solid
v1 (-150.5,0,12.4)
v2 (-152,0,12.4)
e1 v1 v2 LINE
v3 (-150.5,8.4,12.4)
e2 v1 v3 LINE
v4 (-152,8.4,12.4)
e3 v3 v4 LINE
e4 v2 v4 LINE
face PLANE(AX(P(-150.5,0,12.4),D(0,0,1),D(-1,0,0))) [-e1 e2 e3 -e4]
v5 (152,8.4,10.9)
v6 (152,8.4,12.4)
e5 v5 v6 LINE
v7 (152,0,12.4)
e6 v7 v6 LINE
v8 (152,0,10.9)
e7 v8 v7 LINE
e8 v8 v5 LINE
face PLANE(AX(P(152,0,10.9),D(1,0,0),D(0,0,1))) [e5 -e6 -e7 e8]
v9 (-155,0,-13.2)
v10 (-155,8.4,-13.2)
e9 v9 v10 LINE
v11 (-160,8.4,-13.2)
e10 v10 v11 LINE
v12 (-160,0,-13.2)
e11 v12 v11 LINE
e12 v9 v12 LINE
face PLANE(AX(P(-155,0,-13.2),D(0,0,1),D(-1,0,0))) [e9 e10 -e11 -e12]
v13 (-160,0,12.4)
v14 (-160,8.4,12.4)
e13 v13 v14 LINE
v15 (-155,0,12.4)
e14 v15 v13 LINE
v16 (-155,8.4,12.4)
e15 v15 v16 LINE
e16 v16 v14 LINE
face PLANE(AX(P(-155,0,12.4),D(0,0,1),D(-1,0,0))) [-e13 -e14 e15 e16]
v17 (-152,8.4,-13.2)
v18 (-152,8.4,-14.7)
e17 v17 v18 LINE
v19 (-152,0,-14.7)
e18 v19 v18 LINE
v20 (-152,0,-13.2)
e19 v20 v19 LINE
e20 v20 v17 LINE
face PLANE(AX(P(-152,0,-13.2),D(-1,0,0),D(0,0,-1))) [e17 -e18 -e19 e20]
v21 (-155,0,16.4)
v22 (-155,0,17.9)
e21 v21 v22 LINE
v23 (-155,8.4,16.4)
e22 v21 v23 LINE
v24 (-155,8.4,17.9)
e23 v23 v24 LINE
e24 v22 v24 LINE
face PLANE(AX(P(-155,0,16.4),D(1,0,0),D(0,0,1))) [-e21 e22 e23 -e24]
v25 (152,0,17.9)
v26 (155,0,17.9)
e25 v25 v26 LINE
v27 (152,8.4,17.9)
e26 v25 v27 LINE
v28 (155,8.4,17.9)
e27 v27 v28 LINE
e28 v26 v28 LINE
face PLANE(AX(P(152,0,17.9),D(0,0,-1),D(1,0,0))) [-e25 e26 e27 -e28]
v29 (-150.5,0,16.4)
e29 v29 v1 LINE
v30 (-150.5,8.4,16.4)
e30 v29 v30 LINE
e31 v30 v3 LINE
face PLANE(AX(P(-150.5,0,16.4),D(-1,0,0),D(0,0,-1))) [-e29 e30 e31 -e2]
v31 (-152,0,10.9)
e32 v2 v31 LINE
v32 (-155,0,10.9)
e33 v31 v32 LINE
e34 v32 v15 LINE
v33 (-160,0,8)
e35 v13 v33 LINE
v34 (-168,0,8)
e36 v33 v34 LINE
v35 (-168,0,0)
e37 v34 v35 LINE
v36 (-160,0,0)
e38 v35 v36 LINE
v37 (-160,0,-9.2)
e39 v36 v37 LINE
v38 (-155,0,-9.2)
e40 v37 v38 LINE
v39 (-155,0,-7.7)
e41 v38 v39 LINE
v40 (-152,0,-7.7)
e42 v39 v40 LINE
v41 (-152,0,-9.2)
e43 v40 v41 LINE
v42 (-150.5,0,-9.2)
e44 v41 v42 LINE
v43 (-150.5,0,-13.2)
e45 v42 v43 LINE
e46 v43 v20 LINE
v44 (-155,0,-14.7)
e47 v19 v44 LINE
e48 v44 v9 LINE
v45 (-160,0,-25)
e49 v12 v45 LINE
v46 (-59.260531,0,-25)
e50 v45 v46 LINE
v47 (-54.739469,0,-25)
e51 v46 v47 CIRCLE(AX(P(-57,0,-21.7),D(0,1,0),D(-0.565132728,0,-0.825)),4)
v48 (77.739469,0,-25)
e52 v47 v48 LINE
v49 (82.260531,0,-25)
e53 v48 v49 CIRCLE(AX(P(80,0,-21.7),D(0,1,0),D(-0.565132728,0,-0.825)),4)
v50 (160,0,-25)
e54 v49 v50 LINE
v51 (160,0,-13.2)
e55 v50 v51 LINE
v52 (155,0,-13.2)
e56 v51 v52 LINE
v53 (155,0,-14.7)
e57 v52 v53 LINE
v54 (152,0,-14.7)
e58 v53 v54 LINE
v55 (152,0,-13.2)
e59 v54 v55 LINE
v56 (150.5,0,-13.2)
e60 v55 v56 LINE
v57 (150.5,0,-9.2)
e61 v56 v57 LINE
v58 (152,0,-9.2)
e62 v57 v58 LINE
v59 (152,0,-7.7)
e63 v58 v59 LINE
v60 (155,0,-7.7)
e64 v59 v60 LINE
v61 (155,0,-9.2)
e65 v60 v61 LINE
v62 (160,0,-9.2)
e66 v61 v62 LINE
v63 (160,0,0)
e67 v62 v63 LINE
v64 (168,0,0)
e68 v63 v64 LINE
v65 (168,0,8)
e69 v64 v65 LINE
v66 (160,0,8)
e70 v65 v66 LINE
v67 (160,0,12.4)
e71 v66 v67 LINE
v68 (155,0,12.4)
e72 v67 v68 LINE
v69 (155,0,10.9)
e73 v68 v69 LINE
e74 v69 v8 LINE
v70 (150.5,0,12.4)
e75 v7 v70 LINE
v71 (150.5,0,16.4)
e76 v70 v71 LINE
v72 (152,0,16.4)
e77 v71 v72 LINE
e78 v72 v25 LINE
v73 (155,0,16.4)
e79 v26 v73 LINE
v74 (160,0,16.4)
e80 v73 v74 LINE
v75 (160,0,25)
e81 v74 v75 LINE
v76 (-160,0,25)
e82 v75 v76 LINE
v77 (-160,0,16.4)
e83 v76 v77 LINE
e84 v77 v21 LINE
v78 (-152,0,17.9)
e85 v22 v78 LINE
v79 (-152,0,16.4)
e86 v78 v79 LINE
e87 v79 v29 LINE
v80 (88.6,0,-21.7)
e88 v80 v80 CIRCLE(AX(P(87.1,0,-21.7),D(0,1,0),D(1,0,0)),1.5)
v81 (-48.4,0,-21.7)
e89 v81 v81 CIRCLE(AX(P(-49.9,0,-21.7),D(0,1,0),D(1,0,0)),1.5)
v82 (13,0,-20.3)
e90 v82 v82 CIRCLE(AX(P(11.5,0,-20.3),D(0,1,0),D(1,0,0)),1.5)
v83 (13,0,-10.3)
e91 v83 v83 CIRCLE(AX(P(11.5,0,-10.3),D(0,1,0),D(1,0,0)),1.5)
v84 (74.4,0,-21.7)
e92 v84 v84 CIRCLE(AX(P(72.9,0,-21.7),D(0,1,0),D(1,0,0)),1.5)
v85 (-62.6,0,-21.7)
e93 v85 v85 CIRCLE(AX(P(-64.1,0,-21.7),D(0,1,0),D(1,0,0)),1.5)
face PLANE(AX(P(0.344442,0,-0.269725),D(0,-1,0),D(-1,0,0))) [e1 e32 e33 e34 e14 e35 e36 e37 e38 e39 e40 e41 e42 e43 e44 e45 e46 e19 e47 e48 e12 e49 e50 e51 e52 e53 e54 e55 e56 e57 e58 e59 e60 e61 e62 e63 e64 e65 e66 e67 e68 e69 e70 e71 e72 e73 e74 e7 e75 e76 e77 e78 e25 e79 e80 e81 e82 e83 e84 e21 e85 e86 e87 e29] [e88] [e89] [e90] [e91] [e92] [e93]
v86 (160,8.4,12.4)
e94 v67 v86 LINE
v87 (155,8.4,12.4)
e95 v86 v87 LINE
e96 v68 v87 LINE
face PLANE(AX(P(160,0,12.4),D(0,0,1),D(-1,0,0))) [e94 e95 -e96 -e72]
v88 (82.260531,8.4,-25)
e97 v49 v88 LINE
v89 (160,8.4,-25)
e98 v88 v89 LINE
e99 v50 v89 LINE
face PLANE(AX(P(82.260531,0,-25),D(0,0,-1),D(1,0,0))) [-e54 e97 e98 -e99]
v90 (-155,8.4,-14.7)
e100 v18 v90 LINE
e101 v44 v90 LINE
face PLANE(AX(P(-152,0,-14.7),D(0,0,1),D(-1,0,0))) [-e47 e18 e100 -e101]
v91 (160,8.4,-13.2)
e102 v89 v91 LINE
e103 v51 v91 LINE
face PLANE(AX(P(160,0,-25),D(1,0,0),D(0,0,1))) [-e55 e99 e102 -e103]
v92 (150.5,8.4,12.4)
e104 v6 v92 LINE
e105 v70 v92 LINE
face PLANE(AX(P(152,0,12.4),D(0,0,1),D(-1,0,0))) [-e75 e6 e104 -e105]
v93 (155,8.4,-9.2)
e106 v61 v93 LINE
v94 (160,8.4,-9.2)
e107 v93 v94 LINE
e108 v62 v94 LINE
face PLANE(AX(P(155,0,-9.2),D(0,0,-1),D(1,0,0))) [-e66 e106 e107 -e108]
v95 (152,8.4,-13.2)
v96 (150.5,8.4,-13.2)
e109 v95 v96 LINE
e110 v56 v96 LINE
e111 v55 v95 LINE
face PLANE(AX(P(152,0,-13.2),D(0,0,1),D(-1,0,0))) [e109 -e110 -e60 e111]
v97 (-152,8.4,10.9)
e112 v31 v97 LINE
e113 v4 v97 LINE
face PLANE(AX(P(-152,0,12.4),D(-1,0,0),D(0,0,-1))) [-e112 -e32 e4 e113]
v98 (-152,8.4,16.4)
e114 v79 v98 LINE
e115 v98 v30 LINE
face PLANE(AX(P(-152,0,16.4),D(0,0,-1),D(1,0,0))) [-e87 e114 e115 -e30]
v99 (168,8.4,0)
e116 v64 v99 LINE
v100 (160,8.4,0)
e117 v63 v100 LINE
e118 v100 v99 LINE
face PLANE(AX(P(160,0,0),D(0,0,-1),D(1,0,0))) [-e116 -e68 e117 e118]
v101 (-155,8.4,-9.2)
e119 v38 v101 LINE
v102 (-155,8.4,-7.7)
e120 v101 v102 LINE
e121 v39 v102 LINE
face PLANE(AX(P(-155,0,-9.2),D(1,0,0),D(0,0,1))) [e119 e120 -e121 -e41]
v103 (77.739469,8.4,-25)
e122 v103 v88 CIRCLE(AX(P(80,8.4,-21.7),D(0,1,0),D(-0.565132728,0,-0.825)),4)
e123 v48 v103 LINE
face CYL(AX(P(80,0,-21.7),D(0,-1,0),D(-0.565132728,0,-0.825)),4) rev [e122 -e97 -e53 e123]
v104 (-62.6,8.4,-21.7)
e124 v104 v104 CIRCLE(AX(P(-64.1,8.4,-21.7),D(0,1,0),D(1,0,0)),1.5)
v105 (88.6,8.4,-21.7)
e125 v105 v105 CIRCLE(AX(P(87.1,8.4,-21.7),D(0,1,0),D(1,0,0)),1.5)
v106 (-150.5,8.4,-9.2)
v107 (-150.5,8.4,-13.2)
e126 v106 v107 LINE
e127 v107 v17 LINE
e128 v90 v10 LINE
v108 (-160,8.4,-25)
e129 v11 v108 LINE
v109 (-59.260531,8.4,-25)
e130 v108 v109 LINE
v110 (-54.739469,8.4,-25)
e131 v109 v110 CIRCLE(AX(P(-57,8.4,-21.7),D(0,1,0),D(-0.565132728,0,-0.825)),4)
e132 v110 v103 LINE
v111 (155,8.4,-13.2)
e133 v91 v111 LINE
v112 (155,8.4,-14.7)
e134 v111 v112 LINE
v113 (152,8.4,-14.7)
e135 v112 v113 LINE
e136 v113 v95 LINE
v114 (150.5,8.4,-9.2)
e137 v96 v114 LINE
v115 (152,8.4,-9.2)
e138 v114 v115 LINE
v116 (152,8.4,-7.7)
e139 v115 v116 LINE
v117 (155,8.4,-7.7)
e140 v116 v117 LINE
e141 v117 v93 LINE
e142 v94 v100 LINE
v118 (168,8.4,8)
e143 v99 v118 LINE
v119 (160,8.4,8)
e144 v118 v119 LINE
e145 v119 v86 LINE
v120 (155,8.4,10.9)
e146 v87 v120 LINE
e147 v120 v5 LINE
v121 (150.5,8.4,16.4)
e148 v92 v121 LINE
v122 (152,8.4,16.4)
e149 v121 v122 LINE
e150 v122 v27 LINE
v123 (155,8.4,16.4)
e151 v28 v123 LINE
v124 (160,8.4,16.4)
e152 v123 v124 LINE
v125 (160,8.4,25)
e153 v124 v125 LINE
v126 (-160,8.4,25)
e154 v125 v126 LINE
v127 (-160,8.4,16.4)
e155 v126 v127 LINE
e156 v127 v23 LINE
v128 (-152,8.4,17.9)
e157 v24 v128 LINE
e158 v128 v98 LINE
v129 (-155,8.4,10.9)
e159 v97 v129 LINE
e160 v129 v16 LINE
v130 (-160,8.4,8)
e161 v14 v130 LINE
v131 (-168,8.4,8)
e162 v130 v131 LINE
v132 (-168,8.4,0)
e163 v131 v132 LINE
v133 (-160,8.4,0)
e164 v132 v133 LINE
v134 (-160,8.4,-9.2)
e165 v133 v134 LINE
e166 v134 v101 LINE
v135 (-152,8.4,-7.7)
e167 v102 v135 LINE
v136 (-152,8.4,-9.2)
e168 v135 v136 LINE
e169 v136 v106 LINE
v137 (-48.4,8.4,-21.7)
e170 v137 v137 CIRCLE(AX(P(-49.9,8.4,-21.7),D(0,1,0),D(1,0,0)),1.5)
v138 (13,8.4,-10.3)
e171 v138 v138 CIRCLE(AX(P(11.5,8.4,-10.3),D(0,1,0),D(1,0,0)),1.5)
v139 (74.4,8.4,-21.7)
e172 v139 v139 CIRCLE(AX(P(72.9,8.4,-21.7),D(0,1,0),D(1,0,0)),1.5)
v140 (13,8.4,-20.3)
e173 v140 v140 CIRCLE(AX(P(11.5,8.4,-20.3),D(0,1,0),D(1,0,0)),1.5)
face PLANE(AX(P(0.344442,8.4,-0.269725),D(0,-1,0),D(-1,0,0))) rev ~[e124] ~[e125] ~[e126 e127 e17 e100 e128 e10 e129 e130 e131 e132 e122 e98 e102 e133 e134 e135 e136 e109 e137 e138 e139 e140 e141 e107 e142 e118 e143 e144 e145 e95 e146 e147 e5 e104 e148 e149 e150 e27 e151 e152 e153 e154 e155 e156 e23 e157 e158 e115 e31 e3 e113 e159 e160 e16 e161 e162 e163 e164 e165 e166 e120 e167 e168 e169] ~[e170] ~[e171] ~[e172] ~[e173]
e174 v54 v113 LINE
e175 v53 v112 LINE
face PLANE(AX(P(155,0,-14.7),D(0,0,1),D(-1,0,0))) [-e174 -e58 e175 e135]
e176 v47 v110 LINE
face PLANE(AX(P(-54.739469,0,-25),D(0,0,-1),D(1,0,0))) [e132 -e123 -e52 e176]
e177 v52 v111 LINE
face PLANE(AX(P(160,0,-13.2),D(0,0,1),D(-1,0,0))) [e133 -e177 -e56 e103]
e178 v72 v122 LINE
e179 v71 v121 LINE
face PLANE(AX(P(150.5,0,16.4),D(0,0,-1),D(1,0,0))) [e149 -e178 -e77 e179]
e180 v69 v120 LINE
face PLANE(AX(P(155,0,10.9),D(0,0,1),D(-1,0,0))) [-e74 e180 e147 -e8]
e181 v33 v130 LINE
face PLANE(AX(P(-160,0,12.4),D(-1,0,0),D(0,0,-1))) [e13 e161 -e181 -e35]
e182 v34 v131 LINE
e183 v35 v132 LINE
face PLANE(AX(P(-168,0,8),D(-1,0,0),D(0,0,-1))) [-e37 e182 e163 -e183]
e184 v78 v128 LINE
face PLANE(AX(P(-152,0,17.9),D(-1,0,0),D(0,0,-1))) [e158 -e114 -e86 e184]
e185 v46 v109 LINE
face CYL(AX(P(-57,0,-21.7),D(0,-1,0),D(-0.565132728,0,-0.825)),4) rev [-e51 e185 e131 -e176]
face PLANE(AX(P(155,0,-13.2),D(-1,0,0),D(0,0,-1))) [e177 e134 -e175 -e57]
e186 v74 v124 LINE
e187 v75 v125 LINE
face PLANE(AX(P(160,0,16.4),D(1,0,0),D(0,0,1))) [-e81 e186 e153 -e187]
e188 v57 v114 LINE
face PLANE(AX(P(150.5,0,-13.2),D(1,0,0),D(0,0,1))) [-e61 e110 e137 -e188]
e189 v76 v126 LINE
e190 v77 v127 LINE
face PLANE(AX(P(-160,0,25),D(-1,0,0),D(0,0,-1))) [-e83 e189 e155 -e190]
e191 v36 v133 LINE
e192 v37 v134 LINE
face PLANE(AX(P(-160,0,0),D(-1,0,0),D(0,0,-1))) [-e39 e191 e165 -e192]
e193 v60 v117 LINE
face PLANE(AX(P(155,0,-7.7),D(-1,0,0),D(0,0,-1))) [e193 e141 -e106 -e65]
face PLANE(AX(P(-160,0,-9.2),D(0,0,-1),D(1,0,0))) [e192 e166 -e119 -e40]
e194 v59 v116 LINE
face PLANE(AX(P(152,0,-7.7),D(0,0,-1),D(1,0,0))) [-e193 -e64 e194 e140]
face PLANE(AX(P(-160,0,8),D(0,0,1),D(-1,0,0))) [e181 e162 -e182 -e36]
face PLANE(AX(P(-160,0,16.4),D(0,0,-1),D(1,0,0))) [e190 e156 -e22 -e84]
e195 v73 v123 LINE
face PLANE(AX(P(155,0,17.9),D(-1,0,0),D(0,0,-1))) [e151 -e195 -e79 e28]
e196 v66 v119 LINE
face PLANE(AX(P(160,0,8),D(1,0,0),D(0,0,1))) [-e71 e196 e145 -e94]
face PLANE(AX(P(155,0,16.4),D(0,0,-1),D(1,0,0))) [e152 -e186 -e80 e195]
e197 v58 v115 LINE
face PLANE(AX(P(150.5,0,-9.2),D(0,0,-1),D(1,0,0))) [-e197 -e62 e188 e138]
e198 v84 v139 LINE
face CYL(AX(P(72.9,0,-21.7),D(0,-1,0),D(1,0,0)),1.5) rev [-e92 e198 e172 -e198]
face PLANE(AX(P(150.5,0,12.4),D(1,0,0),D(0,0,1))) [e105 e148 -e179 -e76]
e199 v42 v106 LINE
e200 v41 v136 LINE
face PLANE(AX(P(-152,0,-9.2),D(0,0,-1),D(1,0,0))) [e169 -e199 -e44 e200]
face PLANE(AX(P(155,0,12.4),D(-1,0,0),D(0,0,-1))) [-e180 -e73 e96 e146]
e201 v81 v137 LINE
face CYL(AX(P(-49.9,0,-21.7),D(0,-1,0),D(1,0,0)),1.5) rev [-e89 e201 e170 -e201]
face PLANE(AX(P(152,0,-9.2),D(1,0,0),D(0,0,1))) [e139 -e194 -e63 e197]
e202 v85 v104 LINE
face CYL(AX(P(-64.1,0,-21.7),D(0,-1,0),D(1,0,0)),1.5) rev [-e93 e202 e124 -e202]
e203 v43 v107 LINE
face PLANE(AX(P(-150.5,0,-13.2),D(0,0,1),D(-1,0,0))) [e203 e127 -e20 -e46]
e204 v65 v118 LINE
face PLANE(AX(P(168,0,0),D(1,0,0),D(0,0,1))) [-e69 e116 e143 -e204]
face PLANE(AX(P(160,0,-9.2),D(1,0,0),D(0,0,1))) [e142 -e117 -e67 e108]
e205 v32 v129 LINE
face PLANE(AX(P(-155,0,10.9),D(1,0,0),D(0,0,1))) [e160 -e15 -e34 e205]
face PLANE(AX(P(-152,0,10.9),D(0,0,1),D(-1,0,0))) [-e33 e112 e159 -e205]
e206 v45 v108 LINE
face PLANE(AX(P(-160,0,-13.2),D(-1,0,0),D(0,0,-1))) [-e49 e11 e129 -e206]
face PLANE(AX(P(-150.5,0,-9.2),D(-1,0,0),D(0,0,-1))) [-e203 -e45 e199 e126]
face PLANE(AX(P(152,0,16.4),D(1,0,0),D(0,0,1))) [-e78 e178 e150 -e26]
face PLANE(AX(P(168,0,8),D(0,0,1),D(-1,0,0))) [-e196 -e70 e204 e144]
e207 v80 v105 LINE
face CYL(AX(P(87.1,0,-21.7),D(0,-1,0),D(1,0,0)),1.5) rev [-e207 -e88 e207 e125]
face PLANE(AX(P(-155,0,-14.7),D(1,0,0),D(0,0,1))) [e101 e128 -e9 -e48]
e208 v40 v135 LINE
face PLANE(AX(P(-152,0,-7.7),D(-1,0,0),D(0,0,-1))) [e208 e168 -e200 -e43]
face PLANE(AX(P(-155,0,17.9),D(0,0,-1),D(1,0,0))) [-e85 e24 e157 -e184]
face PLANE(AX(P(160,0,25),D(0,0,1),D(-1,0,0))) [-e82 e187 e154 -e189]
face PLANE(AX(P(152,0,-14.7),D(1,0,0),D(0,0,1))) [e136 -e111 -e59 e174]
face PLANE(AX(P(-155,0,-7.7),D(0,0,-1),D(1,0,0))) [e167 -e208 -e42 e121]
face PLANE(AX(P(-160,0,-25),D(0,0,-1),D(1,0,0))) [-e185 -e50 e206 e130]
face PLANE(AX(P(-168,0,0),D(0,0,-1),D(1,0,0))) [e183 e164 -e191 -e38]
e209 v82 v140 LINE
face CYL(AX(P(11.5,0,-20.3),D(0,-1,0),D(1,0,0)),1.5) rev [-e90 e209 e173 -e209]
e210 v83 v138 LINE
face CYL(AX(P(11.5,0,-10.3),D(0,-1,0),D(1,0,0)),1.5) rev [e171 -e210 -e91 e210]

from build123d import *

# Parameters (mm, degrees)
SKETCH1_R           = 1.5
BOSS_EXTRUDE1_DEPTH = 8.4


with BuildPart() as part:
    # Sketch1 → Boss-Extrude1 (new body)
    with BuildSketch(Plane(origin=(0, 0, 0), x_dir=(1, 0, 0), z_dir=(0, 1, 0))):
        with BuildLine():
            Line((-160, 25), (-59.260530911, 25))
            ThreePointArc((-59.260530911, 25), (-57, 17.7), (-54.739469089, 25))
            Line((-54.739469089, 25), (77.739469089, 25))
            ThreePointArc((77.739469089, 25), (80, 17.7), (82.260530911, 25))
            Line((82.260530911, 25), (160, 25))
            Line((160, 25), (160, 13.2))
            Line((160, 13.2), (155, 13.2))
            Line((155, 13.2), (155, 14.7))
            Line((155, 14.7), (152, 14.7))
            Line((152, 14.7), (152, 13.2))
            Line((152, 13.2), (150.5, 13.2))
            Line((150.5, 13.2), (150.5, 9.2))
            Line((150.5, 9.2), (152, 9.2))
            Line((152, 9.2), (152, 7.7))
            Line((152, 7.7), (155, 7.7))
            Line((155, 7.7), (155, 9.2))
            Line((155, 9.2), (160, 9.2))
            Line((160, 9.2), (160, 0))
            Line((160, 0), (168, 0))
            Line((168, 0), (168, -8))
            Line((168, -8), (160, -8))
            Line((160, -8), (160, -12.4))
            Line((160, -12.4), (155, -12.4))
            Line((155, -12.4), (155, -10.9))
            Line((155, -10.9), (152, -10.9))
            Line((152, -10.9), (152, -12.4))
            Line((152, -12.4), (150.5, -12.4))
            Line((150.5, -12.4), (150.5, -16.4))
            Line((150.5, -16.4), (152, -16.4))
            Line((152, -16.4), (152, -17.9))
            Line((152, -17.9), (155, -17.9))
            Line((155, -17.9), (155, -16.4))
            Line((155, -16.4), (160, -16.4))
            Line((160, -16.4), (160, -25))
            Line((160, -25), (-160, -25))
            Line((-160, -25), (-160, -16.4))
            Line((-160, -16.4), (-155, -16.4))
            Line((-155, -16.4), (-155, -17.9))
            Line((-155, -17.9), (-152, -17.9))
            Line((-152, -17.9), (-152, -16.4))
            Line((-152, -16.4), (-150.5, -16.4))
            Line((-150.5, -16.4), (-150.5, -12.4))
            Line((-150.5, -12.4), (-152, -12.4))
            Line((-152, -12.4), (-152, -10.9))
            Line((-152, -10.9), (-155, -10.9))
            Line((-155, -10.9), (-155, -12.4))
            Line((-155, -12.4), (-160, -12.4))
            Line((-160, -12.4), (-160, -8))
            Line((-160, -8), (-168, -8))
            Line((-168, -8), (-168, 0))
            Line((-168, 0), (-160, 0))
            Line((-160, 0), (-160, 9.2))
            Line((-160, 9.2), (-155, 9.2))
            Line((-155, 9.2), (-155, 7.7))
            Line((-155, 7.7), (-152, 7.7))
            Line((-152, 7.7), (-152, 9.2))
            Line((-152, 9.2), (-150.5, 9.2))
            Line((-150.5, 9.2), (-150.5, 13.2))
            Line((-150.5, 13.2), (-152, 13.2))
            Line((-152, 13.2), (-152, 14.7))
            Line((-152, 14.7), (-155, 14.7))
            Line((-155, 14.7), (-155, 13.2))
            Line((-155, 13.2), (-160, 13.2))
            Line((-160, 13.2), (-160, 25))
        make_face()
        with Locations((11.5, 20.3)):
            Circle(SKETCH1_R, mode=Mode.SUBTRACT)
        with Locations((11.5, 10.3)):
            Circle(SKETCH1_R, mode=Mode.SUBTRACT)
        with Locations((87.1, 21.7)):
            Circle(SKETCH1_R, mode=Mode.SUBTRACT)
        with Locations((72.9, 21.7)):
            Circle(SKETCH1_R, mode=Mode.SUBTRACT)
        with Locations((-49.9, 21.7)):
            Circle(SKETCH1_R, mode=Mode.SUBTRACT)
        with Locations((-64.1, 21.7)):
            Circle(SKETCH1_R, mode=Mode.SUBTRACT)
    extrude(amount=BOSS_EXTRUDE1_DEPTH)


solid = part.part
